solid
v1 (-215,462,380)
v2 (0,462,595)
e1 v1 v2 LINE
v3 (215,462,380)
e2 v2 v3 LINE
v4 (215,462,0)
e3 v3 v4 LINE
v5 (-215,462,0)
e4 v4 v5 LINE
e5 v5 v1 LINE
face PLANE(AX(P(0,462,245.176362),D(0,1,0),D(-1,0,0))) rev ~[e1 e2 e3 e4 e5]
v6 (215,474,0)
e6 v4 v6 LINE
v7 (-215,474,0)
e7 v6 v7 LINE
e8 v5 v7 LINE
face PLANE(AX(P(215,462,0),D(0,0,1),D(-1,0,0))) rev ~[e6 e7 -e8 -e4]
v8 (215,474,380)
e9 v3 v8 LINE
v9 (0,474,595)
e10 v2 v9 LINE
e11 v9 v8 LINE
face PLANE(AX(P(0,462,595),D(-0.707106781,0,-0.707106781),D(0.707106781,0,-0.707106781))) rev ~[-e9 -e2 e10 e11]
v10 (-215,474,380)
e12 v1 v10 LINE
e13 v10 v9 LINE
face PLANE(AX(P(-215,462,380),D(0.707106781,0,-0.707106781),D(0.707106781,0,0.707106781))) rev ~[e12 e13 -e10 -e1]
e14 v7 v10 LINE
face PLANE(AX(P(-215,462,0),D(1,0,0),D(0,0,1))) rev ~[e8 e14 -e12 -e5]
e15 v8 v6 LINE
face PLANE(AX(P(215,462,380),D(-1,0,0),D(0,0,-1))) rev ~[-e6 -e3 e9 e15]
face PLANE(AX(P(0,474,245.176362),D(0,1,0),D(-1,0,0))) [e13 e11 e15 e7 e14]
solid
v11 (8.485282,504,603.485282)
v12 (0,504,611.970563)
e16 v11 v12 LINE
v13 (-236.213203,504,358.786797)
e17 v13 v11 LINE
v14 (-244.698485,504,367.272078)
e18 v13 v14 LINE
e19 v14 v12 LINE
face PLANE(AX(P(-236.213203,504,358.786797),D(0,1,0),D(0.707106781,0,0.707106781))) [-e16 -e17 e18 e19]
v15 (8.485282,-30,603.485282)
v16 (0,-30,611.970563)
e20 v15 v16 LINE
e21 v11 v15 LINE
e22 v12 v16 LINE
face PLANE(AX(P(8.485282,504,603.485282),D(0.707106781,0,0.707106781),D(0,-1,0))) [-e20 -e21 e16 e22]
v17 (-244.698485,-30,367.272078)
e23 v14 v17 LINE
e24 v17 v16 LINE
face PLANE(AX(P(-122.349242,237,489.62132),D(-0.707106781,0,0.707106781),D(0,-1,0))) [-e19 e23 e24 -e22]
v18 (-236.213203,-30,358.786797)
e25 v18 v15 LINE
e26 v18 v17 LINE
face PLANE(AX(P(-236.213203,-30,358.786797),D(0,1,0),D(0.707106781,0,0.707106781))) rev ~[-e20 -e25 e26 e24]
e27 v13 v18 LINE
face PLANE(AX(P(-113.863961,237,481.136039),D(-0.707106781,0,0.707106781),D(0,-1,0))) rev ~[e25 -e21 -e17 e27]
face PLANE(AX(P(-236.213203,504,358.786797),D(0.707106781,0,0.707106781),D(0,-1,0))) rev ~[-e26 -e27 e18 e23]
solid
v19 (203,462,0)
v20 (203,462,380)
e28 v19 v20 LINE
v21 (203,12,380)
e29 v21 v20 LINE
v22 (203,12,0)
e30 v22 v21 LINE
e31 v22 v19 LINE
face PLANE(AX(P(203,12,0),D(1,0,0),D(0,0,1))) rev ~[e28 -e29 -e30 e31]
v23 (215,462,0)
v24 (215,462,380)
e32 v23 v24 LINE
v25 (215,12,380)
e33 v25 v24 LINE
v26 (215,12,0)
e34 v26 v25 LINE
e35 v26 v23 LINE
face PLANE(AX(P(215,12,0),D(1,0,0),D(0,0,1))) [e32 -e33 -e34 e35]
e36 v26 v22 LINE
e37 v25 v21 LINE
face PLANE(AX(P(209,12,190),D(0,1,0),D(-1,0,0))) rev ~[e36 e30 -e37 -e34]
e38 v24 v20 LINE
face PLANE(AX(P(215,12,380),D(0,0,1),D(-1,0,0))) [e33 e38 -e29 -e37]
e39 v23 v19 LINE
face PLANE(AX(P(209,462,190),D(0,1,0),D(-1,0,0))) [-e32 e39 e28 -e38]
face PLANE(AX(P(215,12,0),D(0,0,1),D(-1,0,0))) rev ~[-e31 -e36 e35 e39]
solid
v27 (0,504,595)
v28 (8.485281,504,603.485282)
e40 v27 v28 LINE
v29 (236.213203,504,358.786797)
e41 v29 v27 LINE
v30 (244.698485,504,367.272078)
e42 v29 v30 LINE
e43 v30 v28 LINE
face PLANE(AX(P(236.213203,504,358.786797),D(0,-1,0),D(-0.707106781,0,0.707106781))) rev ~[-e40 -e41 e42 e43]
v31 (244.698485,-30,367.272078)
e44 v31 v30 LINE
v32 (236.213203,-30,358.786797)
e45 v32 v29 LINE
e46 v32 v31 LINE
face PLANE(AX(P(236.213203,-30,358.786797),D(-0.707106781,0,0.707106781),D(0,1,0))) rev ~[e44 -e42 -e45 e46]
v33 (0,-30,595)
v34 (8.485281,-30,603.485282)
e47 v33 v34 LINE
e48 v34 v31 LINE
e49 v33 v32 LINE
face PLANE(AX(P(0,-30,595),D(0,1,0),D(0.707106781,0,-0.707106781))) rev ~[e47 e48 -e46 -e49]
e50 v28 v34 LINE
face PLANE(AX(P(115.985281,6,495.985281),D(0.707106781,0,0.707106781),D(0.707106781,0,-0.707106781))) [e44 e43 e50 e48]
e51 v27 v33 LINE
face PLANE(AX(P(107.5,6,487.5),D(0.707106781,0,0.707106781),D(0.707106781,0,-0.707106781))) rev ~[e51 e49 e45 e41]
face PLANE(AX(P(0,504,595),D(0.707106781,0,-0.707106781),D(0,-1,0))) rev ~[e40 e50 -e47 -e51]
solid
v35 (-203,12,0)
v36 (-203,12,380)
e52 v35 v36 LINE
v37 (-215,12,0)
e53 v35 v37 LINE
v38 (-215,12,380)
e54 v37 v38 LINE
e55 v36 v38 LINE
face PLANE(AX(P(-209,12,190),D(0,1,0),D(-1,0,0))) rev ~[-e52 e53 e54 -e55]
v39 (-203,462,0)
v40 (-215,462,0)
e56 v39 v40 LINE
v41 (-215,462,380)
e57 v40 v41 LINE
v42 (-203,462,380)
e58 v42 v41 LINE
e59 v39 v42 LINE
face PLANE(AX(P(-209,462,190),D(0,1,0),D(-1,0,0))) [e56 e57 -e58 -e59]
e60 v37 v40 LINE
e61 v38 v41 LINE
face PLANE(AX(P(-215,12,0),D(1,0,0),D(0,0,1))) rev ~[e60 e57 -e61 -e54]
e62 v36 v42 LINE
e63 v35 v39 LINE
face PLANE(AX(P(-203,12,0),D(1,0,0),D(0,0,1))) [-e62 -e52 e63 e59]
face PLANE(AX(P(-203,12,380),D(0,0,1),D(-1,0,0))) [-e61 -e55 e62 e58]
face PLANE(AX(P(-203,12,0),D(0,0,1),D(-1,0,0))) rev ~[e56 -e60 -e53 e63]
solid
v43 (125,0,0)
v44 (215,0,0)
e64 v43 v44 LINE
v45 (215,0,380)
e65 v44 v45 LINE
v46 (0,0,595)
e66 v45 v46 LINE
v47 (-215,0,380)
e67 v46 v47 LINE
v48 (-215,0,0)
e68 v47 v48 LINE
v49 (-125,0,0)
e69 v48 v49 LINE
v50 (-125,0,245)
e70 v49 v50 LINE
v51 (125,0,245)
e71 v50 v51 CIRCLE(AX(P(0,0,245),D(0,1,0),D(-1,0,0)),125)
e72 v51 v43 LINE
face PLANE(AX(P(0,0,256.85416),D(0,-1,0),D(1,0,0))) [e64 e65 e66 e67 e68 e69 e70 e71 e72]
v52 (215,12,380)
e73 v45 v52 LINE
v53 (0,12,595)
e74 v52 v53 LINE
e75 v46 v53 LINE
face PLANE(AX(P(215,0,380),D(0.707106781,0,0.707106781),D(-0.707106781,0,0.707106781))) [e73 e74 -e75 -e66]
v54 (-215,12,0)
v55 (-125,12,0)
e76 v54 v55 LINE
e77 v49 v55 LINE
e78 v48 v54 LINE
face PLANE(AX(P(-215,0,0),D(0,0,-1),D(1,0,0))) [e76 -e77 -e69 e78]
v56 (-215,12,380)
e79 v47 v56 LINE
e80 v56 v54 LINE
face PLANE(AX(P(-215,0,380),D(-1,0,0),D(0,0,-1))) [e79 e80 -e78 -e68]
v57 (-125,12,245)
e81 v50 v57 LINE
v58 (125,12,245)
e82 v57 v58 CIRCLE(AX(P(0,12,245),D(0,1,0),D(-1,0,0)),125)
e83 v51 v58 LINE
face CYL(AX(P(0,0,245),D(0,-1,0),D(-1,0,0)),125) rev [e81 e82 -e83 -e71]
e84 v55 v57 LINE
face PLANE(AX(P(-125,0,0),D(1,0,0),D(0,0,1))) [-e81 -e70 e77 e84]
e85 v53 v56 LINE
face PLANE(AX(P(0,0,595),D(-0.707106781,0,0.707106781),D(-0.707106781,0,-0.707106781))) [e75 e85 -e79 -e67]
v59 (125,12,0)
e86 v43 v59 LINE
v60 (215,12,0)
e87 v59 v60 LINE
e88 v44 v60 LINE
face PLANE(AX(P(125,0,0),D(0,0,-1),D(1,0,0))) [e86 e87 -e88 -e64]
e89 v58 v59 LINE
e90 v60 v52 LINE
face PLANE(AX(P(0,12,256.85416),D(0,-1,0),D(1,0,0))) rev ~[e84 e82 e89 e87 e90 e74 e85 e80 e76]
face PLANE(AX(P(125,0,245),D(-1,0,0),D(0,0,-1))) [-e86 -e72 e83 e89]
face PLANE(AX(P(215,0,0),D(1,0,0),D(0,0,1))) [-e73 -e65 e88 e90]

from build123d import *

# Parameters (mm, degrees)
F1_DEPTH = 12
F2_W     = 12
F2_H     = 380
F3_DEPTH = 450
F5_DEPTH = 12
F6_W     = 304.055916
F6_H     = 12
F7_DEPTH = 12
F8_W     = 534
F8_H     = 346.055916
F9_DEPTH = 12


with BuildPart() as f1:
    # F0 (on Front) → F1 (new body)
    with BuildSketch(Plane.XZ):
        with BuildLine():
            Line((-215, 380), (-215, 0))
            Line((-215, 0), (-125, 0))
            Line((-125, 0), (-125, 245))
            ThreePointArc((-125, 245), (0, 370), (125, 245))
            Line((125, 245), (125, 0))
            Line((125, 0), (215, 0))
            Line((215, 0), (215, 380))
            Line((215, 380), (0, 595))
            Line((0, 595), (-215, 380))
        make_face()
    extrude(amount=-F1_DEPTH)


with BuildPart() as f3:
    # F2 (on face) → F3 (new body)
    with BuildSketch(Plane(origin=(0, 12, 0), x_dir=(-1, 0, 0), z_dir=(0, 1, 0))):
        with Locations((-209, 190)):
            Rectangle(F2_W, F2_H)
        with Locations((209, 190)):
            Rectangle(F2_W, F2_H)
    extrude(amount=F3_DEPTH)


with BuildPart() as f5:
    # F4 (on face) → F5 (new body)
    with BuildSketch(Plane(origin=(0, 462, 0), x_dir=(-1, 0, 0), z_dir=(0, 1, 0))):
        Polygon((-215, 380), (-215, 0), (60.764808, 0), (215, 0), (215, 380), (0, 595), align=None)
    extrude(amount=F5_DEPTH)


with BuildPart() as f7:
    # F6 (on face) → F7 (new body)
    with BuildSketch(Plane(origin=(297.5, 0, 297.5), x_dir=(0.707107, 0, -0.707107), z_dir=(0.707107, 0, 0.707107))):
        with Locations((-268.700577, 6)):
            Rectangle(F6_W, F6_H)
        Polygon((-420.728535, 0), (-420.728535, -30), (-86.672619, -30), (-86.672619, 504), (-420.728535, 504), (-420.728535, 12), (-116.672619, 12), (-116.672619, 0), align=None)
    extrude(amount=F7_DEPTH)


with BuildPart() as f9:
    # F8 (on face) → F9 (new body)
    with BuildSketch(Plane(origin=(-297.5, 0, 297.5), x_dir=(0, -1, 0), z_dir=(-0.707107, 0, 0.707107))):
        with Locations((-237, 259.700577)):
            Rectangle(F8_W, F8_H)
    extrude(amount=F9_DEPTH)


solid = Compound([f1.part, f3.part, f5.part, f7.part, f9.part])
